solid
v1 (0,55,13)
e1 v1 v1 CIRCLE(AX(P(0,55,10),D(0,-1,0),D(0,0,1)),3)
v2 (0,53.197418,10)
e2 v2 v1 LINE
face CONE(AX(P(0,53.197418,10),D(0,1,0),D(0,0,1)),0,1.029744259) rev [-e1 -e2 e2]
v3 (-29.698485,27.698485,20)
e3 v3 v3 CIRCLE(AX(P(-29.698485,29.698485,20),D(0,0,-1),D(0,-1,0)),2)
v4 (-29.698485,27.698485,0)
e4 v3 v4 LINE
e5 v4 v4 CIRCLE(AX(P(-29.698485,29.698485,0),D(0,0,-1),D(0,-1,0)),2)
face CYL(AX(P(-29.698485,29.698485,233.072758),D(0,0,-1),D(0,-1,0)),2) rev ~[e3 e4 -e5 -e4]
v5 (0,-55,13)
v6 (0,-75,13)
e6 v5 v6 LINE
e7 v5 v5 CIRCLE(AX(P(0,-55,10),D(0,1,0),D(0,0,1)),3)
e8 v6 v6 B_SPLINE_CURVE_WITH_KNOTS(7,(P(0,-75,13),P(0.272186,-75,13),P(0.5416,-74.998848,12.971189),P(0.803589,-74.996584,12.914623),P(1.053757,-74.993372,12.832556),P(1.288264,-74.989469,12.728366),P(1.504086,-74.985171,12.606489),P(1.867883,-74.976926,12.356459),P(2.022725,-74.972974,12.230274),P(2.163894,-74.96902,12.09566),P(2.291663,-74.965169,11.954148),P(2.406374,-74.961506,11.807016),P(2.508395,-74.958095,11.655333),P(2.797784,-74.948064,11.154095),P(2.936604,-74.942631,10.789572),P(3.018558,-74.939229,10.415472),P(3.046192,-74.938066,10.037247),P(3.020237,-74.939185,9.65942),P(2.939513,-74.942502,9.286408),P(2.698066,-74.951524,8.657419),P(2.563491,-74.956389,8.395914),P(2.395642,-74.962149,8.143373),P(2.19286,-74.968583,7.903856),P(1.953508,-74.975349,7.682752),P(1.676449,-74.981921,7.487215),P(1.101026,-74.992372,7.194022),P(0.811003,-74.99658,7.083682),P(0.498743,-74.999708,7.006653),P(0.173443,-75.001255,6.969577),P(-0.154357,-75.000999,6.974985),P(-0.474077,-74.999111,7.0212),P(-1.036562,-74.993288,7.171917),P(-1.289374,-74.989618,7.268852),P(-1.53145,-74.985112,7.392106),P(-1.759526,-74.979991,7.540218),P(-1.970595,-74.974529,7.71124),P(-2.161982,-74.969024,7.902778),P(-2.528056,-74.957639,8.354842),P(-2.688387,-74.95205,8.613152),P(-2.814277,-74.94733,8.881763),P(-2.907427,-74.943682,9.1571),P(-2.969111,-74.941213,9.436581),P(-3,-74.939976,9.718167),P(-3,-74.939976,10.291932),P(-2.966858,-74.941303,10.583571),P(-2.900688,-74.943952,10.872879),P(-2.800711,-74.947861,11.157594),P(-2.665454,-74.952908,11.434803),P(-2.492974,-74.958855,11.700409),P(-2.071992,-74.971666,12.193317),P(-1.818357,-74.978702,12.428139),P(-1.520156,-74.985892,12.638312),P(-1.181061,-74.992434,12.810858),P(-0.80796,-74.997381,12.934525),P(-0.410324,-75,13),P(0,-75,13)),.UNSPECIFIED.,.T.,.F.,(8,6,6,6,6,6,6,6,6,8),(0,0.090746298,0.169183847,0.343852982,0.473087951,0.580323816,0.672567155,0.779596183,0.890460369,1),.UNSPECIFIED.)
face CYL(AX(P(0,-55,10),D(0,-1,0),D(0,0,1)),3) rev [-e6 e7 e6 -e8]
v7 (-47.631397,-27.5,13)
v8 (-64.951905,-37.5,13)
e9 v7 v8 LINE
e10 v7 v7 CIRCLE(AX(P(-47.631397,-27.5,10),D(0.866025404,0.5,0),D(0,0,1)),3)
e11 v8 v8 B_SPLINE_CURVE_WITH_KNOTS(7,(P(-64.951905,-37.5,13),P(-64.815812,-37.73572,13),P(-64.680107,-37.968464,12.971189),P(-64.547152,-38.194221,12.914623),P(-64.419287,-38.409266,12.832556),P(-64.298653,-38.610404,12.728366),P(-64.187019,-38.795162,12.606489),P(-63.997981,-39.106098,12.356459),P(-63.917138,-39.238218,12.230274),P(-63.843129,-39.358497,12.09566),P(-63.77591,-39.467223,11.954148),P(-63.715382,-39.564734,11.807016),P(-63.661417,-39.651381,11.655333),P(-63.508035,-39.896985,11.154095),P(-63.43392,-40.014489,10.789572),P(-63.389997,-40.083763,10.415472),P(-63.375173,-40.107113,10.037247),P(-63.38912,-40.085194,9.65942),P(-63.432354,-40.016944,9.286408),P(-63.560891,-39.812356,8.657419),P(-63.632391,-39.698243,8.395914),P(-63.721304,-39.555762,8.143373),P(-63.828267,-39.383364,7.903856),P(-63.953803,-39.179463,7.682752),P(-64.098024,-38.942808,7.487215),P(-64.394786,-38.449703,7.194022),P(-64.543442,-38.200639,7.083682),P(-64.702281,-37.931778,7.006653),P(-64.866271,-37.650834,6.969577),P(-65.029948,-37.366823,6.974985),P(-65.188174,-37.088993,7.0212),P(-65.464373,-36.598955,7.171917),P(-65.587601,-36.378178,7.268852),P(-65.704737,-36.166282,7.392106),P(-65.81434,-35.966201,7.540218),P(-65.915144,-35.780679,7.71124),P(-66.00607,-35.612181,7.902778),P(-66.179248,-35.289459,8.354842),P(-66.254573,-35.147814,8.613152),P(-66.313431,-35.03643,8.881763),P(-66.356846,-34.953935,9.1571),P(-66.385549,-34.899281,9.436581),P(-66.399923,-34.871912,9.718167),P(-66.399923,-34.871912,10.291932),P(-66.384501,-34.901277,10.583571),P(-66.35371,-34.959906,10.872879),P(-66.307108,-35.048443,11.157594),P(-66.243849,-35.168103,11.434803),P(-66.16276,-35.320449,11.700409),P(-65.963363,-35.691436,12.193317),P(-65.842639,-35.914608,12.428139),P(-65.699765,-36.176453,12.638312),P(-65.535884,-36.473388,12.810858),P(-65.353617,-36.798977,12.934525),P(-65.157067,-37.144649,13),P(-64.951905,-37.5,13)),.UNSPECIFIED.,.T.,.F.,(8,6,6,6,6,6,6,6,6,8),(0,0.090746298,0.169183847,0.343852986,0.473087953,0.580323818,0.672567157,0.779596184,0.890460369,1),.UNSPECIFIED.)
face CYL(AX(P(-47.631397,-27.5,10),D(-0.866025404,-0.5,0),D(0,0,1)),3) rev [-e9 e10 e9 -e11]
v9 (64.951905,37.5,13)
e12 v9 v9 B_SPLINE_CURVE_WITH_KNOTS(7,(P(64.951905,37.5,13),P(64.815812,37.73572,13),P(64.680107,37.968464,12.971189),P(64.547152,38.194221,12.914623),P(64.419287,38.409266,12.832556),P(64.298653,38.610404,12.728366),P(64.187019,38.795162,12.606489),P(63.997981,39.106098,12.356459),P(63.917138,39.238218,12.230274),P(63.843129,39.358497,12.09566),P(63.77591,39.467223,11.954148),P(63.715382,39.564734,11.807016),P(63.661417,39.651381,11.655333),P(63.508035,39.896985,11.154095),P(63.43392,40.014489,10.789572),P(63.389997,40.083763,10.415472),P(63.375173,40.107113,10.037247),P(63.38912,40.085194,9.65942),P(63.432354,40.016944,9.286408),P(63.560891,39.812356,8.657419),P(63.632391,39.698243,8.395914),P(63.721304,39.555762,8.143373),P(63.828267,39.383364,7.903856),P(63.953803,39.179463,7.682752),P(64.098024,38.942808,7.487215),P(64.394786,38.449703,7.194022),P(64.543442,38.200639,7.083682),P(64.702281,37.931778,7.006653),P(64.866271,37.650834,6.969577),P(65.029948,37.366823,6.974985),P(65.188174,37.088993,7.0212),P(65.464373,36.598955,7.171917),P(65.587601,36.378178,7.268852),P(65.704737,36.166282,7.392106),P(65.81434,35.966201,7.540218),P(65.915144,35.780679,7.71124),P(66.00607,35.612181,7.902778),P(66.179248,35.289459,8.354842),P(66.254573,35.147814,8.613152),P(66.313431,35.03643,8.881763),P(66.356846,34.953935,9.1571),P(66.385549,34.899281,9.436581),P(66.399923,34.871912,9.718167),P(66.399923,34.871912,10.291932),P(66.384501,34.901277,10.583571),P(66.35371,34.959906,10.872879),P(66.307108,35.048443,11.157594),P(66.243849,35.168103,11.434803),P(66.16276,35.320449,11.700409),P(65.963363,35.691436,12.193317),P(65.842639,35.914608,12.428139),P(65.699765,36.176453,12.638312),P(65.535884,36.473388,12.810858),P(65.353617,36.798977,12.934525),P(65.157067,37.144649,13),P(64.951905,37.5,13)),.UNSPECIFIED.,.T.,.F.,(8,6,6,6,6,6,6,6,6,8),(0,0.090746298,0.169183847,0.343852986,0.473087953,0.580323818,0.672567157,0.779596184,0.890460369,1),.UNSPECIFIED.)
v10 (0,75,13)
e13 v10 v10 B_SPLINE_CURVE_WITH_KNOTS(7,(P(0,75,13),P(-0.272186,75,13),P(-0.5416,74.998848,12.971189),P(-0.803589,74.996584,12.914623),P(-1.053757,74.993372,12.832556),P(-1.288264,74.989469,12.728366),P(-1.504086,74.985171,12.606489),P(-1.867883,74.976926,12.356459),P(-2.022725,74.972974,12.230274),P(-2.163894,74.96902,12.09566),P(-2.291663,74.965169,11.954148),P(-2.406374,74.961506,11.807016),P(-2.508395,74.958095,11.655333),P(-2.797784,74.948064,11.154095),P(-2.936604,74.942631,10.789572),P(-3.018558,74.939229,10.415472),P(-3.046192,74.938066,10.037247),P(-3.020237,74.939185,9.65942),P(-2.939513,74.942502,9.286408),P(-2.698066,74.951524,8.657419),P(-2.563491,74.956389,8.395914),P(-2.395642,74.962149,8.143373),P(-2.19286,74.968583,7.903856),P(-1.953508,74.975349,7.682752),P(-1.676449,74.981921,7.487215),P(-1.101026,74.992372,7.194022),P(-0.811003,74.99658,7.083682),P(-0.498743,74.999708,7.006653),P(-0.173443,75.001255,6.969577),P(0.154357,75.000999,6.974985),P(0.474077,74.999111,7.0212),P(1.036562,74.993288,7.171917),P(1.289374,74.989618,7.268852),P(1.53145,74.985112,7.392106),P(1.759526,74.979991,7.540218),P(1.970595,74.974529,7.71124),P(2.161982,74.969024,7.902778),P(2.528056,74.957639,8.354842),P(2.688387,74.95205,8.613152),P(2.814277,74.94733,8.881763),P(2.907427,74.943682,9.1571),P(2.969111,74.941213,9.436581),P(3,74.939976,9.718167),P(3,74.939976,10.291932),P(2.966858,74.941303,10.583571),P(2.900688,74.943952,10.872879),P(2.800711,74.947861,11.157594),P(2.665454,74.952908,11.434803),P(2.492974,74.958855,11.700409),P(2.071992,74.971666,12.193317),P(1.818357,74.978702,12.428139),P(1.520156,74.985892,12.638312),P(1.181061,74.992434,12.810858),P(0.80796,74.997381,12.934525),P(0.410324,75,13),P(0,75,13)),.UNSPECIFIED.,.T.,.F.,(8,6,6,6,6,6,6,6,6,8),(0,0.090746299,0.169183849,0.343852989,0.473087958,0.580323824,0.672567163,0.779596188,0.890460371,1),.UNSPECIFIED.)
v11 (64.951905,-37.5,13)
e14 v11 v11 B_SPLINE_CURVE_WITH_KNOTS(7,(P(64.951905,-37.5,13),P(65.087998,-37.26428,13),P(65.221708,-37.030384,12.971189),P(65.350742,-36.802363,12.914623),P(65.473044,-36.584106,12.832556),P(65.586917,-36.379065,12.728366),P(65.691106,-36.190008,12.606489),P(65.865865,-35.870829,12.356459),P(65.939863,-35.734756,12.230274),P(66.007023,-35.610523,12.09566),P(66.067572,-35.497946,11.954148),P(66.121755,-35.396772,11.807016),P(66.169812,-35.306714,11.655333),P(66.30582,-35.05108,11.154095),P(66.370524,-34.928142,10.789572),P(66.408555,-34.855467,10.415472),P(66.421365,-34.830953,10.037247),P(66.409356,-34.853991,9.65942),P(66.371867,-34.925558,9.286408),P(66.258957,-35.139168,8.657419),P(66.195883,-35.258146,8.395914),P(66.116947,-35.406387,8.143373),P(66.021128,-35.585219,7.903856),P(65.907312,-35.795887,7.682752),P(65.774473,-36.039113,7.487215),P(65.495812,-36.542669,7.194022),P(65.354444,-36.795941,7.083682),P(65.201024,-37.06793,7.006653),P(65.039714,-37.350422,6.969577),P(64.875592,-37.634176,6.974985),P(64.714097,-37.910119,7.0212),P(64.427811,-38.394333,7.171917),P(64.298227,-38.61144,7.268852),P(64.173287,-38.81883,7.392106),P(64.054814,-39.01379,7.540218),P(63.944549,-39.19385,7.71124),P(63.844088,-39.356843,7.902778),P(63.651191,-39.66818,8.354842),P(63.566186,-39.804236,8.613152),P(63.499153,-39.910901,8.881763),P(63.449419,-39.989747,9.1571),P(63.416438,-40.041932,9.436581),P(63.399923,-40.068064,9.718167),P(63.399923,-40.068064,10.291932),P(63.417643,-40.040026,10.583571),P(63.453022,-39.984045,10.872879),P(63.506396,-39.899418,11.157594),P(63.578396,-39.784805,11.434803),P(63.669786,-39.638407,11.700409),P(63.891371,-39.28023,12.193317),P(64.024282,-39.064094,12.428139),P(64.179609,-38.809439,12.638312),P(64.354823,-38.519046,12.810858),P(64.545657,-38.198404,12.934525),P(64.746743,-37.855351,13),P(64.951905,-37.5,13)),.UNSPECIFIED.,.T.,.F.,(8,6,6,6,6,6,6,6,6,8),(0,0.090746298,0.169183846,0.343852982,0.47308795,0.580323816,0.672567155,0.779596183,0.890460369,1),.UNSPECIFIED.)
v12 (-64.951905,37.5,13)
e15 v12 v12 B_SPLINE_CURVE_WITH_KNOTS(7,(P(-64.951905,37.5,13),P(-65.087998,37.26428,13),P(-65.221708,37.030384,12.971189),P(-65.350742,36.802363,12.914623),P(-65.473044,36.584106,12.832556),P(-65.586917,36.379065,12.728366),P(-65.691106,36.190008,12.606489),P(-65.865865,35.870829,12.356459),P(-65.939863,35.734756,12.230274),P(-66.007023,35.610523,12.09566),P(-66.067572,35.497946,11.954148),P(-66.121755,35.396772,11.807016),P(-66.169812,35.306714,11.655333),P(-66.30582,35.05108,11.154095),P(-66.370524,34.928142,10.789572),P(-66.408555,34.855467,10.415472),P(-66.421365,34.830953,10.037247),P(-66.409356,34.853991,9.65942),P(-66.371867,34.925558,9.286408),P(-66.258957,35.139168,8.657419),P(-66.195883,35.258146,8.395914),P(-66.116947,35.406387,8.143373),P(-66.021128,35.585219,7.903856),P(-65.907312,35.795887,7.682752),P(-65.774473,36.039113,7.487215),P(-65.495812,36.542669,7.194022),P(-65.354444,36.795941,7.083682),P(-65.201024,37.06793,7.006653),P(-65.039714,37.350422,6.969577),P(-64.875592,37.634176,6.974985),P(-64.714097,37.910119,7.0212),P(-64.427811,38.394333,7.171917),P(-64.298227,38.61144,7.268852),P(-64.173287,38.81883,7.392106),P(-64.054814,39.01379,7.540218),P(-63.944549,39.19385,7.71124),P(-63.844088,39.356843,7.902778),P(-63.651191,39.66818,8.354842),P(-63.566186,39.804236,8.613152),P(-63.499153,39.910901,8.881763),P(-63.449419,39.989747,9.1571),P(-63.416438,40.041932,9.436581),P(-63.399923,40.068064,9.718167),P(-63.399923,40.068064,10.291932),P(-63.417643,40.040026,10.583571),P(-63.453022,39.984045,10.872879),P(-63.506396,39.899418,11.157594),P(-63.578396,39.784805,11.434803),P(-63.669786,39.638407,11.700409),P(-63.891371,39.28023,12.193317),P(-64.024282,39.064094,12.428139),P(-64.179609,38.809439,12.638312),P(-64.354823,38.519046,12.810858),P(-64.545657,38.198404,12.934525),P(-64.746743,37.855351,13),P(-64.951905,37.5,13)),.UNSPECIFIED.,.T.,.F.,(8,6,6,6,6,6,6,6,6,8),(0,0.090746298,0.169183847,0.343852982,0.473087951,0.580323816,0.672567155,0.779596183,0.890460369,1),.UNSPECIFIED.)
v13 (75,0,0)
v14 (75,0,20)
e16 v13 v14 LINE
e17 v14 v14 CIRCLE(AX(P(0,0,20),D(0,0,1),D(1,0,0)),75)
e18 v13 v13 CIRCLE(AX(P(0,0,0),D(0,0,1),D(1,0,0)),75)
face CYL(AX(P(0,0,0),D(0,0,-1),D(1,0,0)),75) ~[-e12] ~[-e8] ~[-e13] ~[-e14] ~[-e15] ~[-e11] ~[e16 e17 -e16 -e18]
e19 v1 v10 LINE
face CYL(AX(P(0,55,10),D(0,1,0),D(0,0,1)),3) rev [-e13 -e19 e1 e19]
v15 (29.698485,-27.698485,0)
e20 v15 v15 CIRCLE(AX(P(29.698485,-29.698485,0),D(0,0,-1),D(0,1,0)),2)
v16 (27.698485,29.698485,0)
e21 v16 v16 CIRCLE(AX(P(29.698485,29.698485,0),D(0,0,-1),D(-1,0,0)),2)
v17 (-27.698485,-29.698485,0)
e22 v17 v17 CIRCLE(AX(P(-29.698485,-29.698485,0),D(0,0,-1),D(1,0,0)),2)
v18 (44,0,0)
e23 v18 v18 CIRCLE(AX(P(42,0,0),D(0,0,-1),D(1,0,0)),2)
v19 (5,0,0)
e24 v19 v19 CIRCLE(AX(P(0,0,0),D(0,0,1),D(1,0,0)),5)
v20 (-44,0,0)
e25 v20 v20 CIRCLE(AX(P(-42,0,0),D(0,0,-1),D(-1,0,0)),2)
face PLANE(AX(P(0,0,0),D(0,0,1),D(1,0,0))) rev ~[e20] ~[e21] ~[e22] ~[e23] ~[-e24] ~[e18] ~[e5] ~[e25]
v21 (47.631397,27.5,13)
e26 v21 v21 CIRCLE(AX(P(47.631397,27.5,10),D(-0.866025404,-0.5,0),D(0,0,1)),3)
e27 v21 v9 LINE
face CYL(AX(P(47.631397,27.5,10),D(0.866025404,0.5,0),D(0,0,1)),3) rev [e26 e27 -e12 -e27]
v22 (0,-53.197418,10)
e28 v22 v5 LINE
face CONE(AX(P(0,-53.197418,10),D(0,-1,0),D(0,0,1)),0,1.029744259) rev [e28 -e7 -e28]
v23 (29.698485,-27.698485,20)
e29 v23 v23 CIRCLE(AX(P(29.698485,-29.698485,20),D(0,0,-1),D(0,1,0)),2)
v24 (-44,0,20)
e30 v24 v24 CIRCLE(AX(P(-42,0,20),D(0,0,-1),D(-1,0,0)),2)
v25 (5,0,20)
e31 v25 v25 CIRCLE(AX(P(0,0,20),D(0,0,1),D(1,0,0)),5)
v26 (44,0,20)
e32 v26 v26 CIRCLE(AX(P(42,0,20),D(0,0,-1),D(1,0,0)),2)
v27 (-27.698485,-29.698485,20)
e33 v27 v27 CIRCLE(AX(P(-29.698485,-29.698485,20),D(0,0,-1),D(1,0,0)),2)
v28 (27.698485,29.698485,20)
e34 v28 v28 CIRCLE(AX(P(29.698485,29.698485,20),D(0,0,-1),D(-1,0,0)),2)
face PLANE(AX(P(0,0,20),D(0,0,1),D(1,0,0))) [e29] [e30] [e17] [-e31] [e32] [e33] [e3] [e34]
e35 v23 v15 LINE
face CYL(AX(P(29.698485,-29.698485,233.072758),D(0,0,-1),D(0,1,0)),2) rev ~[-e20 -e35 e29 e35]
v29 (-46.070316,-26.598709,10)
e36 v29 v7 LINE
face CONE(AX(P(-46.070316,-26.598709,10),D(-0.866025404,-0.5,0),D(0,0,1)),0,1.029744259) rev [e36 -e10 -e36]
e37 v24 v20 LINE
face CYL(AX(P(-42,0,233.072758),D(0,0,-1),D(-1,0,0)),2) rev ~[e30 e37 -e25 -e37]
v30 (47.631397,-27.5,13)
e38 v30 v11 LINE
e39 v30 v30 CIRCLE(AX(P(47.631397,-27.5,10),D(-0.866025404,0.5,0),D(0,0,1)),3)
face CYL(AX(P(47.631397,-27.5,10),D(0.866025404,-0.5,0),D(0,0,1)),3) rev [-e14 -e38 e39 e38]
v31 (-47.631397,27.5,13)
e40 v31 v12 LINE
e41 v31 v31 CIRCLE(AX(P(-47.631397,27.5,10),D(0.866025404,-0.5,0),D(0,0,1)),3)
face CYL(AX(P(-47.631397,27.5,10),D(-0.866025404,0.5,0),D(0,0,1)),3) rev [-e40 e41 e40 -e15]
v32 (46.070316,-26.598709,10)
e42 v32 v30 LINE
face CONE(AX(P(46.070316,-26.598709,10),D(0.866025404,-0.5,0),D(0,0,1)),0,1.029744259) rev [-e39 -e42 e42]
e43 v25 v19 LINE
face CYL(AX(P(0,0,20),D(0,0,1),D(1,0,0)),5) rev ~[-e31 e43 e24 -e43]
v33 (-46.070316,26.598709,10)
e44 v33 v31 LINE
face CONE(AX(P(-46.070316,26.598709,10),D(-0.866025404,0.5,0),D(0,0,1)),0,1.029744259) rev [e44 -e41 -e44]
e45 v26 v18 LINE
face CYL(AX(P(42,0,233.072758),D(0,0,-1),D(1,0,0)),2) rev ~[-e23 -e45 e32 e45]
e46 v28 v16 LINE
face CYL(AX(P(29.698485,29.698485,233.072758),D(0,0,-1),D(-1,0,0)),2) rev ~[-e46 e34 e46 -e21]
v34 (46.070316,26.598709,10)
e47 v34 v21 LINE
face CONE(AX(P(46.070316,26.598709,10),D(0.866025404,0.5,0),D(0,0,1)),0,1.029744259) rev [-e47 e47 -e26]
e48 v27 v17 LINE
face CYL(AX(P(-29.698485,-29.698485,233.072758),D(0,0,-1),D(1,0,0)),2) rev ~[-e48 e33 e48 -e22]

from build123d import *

# Parameters (mm, degrees)
SKETCH_1_R               = 75
EXTRUDE_1_DEPTH          = 20
F_4_0MM_1_D              = 4
PATTERN_CIRCULAR_1_COUNT = 4
PATTERN_CIRCULAR_2_COUNT = 6
CUT_EXTRUDE_1_REACH      = 109.935
SKETCH_7_R               = 5
F_4_0MM_2_D              = 4
PATTERN_CIRCULAR_3_COUNT = 2


with BuildPart() as part:
    # 草圖1 → 填料-伸長1 (new body)
    with BuildSketch(Plane.XY):
        Circle(SKETCH_1_R)
    extrude(amount=EXTRUDE_1_DEPTH)

    # Ø4.0mm 定位孔1 (through all)
    with Locations(Plane.XY.offset(20)):
        with Locations((29.69848481, 29.69848481)):
            f_4_0mm_1 = Hole(F_4_0MM_1_D / 2)

    # 環狀複製排列1: Ø4.0mm 定位孔1 ×4 about axis
    pattern_circular_1_axis = Axis((0, 0, 0), (0, 0, 1))
    for i in range(1, PATTERN_CIRCULAR_1_COUNT):
        add(f_4_0mm_1.rotate(pattern_circular_1_axis, i * 360 / PATTERN_CIRCULAR_1_COUNT), mode=Mode.SUBTRACT)

    # 草圖6 → Ø6.0mm 定位孔1 (revolve, cut)
    with BuildSketch(Plane(origin=(0, 75, 10), x_dir=(0, 0, 1), z_dir=(1, 0, 0))):
        Polygon((0, 0), (0, 21.802581857), (3, 20), (3, 0), align=None)
    f_6_0mm_1 = revolve(axis=Axis((0, 81.35, 10), (0, -1, 0)), mode=Mode.SUBTRACT)

    # 環狀複製排列2: Ø6.0mm 定位孔1 ×6 about axis
    pattern_circular_2_axis = Axis((0, 0, -88.99), (0, 0, 1))
    for i in range(1, PATTERN_CIRCULAR_2_COUNT):
        add(f_6_0mm_1.rotate(pattern_circular_2_axis, i * 360 / PATTERN_CIRCULAR_2_COUNT), mode=Mode.SUBTRACT)

    # 草圖7 → 除料-伸長1 (cut, up to next)
    with BuildSketch(Plane.XY.offset(20), mode=Mode.PRIVATE) as cut_extrude_1_sk1:
        Circle(SKETCH_7_R)
    cut_extrude_1_tool1 = extrude(cut_extrude_1_sk1.sketch, amount=-CUT_EXTRUDE_1_REACH, mode=Mode.PRIVATE) & part.part
    add(cut_extrude_1_tool1.solids().sort_by_distance((0, 0, 20))[0], mode=Mode.SUBTRACT)

    # Ø4.0mm 定位孔2 (through all)
    with Locations(Plane.XY.offset(20)):
        with Locations((-42, 0)):
            f_4_0mm_2 = Hole(F_4_0MM_2_D / 2)

    # 環狀複製排列3: Ø4.0mm 定位孔2 ×2 about axis
    pattern_circular_3_axis = Axis((0, 0, 0), (0, 0, 1))
    for i in range(1, PATTERN_CIRCULAR_3_COUNT):
        add(f_4_0mm_2.rotate(pattern_circular_3_axis, i * 360 / PATTERN_CIRCULAR_3_COUNT), mode=Mode.SUBTRACT)


solid = part.part
